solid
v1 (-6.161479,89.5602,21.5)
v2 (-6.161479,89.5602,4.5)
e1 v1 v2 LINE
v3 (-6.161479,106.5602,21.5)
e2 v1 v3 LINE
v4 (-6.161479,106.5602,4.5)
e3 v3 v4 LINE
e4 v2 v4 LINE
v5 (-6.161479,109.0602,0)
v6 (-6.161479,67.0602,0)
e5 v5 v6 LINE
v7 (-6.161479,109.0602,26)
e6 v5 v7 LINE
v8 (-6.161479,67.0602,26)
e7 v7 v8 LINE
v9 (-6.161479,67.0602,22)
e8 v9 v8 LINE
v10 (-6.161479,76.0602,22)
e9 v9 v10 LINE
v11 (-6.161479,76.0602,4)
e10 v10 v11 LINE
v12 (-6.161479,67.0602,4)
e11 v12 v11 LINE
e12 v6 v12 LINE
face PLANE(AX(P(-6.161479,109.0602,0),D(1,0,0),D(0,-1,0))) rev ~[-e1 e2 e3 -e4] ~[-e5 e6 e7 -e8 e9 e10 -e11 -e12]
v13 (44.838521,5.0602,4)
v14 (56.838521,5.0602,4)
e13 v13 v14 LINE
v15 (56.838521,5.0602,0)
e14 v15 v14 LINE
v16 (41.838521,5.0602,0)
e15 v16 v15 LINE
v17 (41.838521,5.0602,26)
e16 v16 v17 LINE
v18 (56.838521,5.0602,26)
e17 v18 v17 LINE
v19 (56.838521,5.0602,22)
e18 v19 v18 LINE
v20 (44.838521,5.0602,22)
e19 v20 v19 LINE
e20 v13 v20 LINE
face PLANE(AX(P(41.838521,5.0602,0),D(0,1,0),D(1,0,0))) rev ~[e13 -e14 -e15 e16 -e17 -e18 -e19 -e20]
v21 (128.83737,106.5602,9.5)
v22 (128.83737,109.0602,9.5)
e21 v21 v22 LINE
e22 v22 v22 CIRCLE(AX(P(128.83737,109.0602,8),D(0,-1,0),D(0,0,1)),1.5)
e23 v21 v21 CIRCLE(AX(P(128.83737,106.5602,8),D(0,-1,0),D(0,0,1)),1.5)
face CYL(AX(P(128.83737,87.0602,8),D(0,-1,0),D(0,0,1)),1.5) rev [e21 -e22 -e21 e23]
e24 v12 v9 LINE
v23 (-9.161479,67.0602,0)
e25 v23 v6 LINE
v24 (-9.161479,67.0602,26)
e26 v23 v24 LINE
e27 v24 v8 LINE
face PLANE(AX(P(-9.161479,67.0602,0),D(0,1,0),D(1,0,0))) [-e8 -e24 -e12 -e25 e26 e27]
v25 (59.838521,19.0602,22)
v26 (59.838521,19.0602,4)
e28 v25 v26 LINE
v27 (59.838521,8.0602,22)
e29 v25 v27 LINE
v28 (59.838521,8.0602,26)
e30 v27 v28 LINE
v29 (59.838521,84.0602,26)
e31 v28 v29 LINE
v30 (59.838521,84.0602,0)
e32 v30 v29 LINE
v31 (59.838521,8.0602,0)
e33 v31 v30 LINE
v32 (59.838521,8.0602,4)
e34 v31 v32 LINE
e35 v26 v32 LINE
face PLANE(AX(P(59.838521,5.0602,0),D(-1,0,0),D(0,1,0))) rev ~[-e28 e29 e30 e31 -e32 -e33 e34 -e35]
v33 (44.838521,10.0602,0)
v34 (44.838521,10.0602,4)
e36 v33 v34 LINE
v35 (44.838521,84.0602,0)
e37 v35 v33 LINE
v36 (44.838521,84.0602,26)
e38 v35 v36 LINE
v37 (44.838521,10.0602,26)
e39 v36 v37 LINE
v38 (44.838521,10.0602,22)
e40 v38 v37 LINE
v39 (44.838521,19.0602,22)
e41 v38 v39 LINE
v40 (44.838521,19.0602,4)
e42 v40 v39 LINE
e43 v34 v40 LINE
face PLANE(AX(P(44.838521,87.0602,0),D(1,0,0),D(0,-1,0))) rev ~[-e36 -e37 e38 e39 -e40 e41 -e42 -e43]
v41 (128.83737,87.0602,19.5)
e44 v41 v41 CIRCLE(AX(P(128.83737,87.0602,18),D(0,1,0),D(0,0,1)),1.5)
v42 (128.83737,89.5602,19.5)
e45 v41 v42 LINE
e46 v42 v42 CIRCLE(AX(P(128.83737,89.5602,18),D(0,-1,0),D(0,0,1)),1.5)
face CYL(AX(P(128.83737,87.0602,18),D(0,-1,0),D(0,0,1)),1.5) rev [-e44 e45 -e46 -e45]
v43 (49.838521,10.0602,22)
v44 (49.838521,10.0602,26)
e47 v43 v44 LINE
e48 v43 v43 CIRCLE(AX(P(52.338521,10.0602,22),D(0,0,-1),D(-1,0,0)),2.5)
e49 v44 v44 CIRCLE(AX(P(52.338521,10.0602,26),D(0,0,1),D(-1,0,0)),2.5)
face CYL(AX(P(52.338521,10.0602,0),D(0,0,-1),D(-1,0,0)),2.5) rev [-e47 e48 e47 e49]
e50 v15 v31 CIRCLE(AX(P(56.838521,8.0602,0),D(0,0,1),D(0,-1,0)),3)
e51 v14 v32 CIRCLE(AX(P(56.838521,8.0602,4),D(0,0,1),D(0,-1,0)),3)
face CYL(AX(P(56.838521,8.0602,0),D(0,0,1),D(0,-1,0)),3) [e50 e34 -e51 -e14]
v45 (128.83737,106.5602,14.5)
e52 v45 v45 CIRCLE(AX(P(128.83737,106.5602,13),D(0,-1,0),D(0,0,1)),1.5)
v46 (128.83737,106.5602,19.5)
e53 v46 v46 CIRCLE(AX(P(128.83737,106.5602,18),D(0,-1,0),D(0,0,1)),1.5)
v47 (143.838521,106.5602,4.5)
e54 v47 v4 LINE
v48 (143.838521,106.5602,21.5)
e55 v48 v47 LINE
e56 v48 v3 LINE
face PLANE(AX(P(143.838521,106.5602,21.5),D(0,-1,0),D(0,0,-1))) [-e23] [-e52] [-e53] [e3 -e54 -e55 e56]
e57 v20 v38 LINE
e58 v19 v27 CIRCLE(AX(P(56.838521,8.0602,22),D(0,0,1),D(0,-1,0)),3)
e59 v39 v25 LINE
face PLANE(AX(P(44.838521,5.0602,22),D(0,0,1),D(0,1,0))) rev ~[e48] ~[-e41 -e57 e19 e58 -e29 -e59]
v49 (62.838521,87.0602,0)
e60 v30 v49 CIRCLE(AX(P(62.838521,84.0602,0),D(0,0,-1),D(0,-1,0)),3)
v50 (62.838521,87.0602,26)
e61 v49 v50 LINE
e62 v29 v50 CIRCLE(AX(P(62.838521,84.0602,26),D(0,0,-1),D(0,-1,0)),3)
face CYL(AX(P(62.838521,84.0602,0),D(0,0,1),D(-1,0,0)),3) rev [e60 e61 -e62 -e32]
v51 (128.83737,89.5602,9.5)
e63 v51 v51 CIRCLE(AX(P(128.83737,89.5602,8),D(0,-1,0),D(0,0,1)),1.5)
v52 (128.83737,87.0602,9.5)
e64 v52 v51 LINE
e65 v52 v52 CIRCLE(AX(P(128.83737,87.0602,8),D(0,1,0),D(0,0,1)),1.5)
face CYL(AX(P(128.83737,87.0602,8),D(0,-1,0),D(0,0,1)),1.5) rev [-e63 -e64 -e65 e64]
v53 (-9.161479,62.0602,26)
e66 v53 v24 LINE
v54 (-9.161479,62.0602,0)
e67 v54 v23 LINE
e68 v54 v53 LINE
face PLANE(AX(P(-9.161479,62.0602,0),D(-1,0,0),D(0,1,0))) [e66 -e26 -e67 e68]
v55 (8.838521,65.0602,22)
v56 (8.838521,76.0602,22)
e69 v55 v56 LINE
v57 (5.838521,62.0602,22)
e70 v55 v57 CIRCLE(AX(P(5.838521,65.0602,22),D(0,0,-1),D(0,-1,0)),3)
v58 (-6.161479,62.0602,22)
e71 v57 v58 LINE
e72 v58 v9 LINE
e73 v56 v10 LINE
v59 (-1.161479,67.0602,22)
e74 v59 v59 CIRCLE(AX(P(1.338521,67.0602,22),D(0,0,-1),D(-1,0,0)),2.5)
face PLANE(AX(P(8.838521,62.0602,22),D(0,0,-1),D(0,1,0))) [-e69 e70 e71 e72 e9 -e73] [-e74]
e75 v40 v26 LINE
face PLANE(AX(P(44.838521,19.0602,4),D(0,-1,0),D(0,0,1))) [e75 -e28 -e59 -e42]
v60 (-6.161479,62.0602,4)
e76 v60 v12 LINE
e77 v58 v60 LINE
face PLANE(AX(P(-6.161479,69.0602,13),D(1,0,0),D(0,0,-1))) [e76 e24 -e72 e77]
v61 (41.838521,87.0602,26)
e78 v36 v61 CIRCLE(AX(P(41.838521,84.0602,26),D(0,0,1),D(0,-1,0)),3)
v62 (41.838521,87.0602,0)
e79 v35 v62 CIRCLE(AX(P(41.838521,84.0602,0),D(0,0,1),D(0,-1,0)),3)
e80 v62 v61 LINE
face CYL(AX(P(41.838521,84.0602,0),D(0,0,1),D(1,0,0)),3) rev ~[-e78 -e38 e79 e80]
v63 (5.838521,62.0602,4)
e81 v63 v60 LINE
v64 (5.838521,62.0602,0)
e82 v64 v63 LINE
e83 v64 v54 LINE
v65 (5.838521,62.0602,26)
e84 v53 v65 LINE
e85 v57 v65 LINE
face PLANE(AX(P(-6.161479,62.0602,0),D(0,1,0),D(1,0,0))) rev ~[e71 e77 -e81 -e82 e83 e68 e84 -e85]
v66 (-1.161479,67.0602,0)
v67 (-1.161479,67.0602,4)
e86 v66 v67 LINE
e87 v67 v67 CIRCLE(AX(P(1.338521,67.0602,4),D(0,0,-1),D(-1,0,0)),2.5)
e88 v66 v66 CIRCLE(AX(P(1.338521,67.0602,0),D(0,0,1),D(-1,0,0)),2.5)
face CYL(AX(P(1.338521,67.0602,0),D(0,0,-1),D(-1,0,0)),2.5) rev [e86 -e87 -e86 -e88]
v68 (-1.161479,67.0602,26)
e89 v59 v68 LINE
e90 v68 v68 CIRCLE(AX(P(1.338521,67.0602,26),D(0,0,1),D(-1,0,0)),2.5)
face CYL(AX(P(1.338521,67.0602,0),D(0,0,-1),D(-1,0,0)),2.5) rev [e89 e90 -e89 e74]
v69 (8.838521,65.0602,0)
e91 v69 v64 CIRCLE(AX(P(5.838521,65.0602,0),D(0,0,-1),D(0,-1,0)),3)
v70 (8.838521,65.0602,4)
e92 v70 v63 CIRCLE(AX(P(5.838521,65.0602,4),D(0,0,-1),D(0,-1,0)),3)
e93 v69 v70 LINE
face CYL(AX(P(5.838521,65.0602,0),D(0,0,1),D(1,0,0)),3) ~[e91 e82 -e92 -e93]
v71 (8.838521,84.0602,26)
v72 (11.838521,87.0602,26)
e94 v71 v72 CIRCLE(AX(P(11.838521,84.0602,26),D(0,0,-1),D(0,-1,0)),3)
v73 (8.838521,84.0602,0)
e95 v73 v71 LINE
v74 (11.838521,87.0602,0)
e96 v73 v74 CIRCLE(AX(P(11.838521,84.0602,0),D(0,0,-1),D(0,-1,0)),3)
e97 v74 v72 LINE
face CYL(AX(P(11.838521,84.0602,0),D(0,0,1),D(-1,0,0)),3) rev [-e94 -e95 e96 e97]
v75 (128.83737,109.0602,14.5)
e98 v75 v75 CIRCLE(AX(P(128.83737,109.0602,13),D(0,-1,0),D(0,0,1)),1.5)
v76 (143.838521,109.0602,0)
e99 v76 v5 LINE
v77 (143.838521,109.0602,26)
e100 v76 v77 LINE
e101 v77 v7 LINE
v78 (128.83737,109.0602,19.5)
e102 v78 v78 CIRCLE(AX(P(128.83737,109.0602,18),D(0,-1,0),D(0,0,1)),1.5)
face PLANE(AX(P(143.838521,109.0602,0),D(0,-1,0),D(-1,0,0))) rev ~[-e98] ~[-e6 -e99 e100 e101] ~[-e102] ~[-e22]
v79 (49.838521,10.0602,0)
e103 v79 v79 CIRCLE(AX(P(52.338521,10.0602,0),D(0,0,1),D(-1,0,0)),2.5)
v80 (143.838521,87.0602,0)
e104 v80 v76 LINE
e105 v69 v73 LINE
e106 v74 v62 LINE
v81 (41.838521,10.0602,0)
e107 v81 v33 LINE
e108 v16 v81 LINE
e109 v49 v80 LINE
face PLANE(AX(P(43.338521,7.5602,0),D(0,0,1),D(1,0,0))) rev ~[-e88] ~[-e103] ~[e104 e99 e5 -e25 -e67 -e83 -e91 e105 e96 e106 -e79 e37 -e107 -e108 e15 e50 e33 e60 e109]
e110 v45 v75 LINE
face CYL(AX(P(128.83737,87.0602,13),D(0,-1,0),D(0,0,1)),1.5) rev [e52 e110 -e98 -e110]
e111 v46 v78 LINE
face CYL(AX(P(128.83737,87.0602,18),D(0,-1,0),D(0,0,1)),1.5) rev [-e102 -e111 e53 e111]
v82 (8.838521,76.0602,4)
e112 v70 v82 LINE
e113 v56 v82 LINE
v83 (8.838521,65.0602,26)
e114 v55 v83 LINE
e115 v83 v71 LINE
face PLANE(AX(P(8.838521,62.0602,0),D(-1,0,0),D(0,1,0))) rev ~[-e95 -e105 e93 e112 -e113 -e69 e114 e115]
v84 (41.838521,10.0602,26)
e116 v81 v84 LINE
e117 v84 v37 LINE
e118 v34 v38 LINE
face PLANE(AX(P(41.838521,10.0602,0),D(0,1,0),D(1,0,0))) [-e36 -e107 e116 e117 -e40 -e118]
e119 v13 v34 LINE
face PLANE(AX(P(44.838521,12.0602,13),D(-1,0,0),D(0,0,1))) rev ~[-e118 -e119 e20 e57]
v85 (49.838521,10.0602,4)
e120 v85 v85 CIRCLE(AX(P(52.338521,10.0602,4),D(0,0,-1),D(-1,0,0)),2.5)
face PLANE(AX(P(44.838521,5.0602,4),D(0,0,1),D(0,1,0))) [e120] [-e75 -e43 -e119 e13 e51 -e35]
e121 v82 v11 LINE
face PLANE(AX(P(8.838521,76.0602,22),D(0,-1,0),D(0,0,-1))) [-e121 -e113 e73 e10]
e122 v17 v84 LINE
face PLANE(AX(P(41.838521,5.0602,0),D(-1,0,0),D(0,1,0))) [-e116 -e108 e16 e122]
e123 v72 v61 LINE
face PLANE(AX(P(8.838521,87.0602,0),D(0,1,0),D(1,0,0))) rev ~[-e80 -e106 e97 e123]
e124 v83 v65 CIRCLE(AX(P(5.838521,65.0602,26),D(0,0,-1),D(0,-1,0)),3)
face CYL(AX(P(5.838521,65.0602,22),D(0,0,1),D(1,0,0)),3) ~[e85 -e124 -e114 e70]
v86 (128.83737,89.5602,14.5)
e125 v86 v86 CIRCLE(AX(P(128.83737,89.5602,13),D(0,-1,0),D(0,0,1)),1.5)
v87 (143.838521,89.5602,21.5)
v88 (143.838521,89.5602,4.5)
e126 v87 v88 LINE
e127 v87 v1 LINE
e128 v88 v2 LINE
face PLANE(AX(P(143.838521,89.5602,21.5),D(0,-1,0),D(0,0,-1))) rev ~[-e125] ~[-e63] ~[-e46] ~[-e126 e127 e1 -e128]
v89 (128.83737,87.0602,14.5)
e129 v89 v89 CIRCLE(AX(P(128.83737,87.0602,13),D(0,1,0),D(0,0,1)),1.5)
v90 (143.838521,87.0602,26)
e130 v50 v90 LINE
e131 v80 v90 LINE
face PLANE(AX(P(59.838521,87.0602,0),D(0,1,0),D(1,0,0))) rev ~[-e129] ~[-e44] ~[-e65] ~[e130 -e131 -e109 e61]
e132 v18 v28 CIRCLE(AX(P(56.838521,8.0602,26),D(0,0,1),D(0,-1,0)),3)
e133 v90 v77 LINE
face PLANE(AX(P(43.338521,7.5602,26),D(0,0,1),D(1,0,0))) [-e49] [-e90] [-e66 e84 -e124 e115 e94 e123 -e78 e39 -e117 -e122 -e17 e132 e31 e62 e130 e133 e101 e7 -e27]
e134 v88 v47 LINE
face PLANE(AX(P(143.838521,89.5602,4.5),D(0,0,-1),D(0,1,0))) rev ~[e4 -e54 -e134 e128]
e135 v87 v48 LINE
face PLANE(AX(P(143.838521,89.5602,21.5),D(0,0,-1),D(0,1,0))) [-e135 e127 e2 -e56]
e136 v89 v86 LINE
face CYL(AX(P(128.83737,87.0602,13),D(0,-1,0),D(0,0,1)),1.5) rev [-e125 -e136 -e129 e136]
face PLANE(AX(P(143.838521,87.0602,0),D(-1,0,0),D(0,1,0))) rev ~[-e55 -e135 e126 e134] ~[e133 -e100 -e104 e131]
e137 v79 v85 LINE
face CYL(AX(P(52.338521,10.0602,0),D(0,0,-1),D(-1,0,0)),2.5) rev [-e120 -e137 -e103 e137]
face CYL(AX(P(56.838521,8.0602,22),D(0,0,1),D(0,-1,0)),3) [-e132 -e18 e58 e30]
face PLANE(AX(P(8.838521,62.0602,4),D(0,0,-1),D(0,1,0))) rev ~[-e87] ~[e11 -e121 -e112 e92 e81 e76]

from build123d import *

# Parameters (mm, degrees)
SKETCH_1_R               = 2.5
SKETCH_1_W               = 3
SKETCH_1_H               = 5
EXTRUDE_2_DEPTH          = 26
CUT_EXTRUDE_3_REACH      = 151.57
SKETCH_5_W               = 18
SKETCH_5_H               = 14
CUT_EXTRUDE_5_DEPTH      = 180.392084627
CUT_EXTRUDE_5_DEPTH_BACK = 22
SKETCH_7_R               = 1.5
SKETCH_8_W               = 17
SKETCH_8_H               = 17
CUT_EXTRUDE_6_DEPTH      = 190.681647041
SKETCH_9_W               = 18
SKETCH_9_H               = 14
CUT_EXTRUDE_7_DEPTH      = 15
FILLET_1_R               = 3
FILLET_2_R               = 3
FILLET_3_R               = 3
FILLET_4_R               = 3


with BuildPart() as part:
    # 草图1 → 凸台-拉伸2 (new body)
    # profile 1 of 3: a face of its own
    with BuildSketch(Plane.XY):
        Polygon((8.838520664, 62.0602), (8.838520664, 87.0602), (44.838520664, 87.0602), (44.838520664, 10.0602), (44.838520664, 5.0602), (59.838520664, 5.0602), (59.838520664, 87.0602), (143.838520664, 87.0602), (143.838520664, 109.0602), (-6.161479336, 109.0602), (-6.161479336, 87.0602), (-6.161479336, 67.0602), (-6.161479336, 62.0602), align=None)
        with Locations(Location((52.338520664, 10.0602, 0), (0, 0, 180))):
            Circle(SKETCH_1_R, mode=Mode.SUBTRACT)
        with Locations(Location((1.338520664, 67.0602, 0), (0, 0, 180))):
            Circle(SKETCH_1_R, mode=Mode.SUBTRACT)
    # profile 2 of 3: a face of its own
    with BuildSketch(Plane.XY):
        with Locations((-7.661479336, 64.5602)):
            Rectangle(SKETCH_1_W, SKETCH_1_H)
    # profile 3 of 3: a face of its own
    with BuildSketch(Plane.XY):
        with Locations((43.338520664, 7.5602)):
            Rectangle(SKETCH_1_W, SKETCH_1_H)
    extrude(amount=EXTRUDE_2_DEPTH)

    # 草图5 → 切除-拉伸3 (cut, up to next)
    with BuildSketch(Plane.ZY.offset(-44.838520664), mode=Mode.PRIVATE) as cut_extrude_3_sk1:
        with Locations((13, 12.0602)):
            Rectangle(SKETCH_5_W, SKETCH_5_H)
    cut_extrude_3_tool1 = extrude(cut_extrude_3_sk1.sketch, amount=-CUT_EXTRUDE_3_REACH, mode=Mode.PRIVATE) & part.part
    add(cut_extrude_3_tool1.solids().sort_by_distance((44.838521, 12.0602, 13))[0], mode=Mode.SUBTRACT)

    # 草图7 → 切除-拉伸5 (cut, two sides: drawn at the far end of the back side and taken through both)
    with BuildSketch(Plane(origin=(0, 109.0602, 0), x_dir=(1, 0, 0), z_dir=(0, 1, 0)).offset(-CUT_EXTRUDE_5_DEPTH_BACK)):
        with Locations(Location((128.837370272, -13, 0), (0, 0, 270))):
            Circle(SKETCH_7_R)
        with Locations(Location((128.837370272, -8, 0), (0, 0, 270))):
            Circle(SKETCH_7_R)
        with Locations(Location((128.837370272, -18, 0), (0, 0, 270))):
            Circle(SKETCH_7_R)
    extrude(amount=CUT_EXTRUDE_5_DEPTH + CUT_EXTRUDE_5_DEPTH_BACK, mode=Mode.SUBTRACT)

    # 草图8 → 切除-拉伸6 (cut, through all)
    with BuildSketch(Plane(origin=(143.838520664, 0, 0), x_dir=(0, 0, -1), z_dir=(1, 0, 0))):
        with Locations((-13, 98.0602)):
            Rectangle(SKETCH_8_W, SKETCH_8_H)
    extrude(amount=-CUT_EXTRUDE_6_DEPTH, mode=Mode.SUBTRACT)

    # 草图9 → 切除-拉伸7 (cut)
    with BuildSketch(Plane(origin=(8.838520664, 0, 0), x_dir=(0, 0, -1), z_dir=(1, 0, 0))):
        with Locations((-13, 69.0602)):
            Rectangle(SKETCH_9_W, SKETCH_9_H)
    extrude(amount=-CUT_EXTRUDE_7_DEPTH, mode=Mode.SUBTRACT)

    # 圆角1
    fillet_1_edges = [part.edges().sort_by_distance(p)[0] for p in [
        (59.838520664, 87.0602, 13),
        (8.838520664, 87.0602, 13),
    ]]
    fillet(fillet_1_edges, radius=FILLET_1_R)

    # 圆角2
    fillet_2_edges = [part.edges().sort_by_distance(p)[0] for p in [
        (44.838520664, 87.0602, 13),
    ]]
    fillet(fillet_2_edges, radius=FILLET_2_R)

    # 圆角3
    fillet_3_edges = [part.edges().sort_by_distance(p)[0] for p in [
        (8.838520664, 62.0602, 24),
    ]]
    fillet(fillet_3_edges, radius=FILLET_3_R)

    # 圆角4
    fillet_4_edges = [part.edges().sort_by_distance(p)[0] for p in [
        (8.838520664, 62.0602, 2),
        (59.838520664, 5.0602, 24),
        (59.838520664, 5.0602, 2),
    ]]
    fillet(fillet_4_edges, radius=FILLET_4_R)


solid = part.part
